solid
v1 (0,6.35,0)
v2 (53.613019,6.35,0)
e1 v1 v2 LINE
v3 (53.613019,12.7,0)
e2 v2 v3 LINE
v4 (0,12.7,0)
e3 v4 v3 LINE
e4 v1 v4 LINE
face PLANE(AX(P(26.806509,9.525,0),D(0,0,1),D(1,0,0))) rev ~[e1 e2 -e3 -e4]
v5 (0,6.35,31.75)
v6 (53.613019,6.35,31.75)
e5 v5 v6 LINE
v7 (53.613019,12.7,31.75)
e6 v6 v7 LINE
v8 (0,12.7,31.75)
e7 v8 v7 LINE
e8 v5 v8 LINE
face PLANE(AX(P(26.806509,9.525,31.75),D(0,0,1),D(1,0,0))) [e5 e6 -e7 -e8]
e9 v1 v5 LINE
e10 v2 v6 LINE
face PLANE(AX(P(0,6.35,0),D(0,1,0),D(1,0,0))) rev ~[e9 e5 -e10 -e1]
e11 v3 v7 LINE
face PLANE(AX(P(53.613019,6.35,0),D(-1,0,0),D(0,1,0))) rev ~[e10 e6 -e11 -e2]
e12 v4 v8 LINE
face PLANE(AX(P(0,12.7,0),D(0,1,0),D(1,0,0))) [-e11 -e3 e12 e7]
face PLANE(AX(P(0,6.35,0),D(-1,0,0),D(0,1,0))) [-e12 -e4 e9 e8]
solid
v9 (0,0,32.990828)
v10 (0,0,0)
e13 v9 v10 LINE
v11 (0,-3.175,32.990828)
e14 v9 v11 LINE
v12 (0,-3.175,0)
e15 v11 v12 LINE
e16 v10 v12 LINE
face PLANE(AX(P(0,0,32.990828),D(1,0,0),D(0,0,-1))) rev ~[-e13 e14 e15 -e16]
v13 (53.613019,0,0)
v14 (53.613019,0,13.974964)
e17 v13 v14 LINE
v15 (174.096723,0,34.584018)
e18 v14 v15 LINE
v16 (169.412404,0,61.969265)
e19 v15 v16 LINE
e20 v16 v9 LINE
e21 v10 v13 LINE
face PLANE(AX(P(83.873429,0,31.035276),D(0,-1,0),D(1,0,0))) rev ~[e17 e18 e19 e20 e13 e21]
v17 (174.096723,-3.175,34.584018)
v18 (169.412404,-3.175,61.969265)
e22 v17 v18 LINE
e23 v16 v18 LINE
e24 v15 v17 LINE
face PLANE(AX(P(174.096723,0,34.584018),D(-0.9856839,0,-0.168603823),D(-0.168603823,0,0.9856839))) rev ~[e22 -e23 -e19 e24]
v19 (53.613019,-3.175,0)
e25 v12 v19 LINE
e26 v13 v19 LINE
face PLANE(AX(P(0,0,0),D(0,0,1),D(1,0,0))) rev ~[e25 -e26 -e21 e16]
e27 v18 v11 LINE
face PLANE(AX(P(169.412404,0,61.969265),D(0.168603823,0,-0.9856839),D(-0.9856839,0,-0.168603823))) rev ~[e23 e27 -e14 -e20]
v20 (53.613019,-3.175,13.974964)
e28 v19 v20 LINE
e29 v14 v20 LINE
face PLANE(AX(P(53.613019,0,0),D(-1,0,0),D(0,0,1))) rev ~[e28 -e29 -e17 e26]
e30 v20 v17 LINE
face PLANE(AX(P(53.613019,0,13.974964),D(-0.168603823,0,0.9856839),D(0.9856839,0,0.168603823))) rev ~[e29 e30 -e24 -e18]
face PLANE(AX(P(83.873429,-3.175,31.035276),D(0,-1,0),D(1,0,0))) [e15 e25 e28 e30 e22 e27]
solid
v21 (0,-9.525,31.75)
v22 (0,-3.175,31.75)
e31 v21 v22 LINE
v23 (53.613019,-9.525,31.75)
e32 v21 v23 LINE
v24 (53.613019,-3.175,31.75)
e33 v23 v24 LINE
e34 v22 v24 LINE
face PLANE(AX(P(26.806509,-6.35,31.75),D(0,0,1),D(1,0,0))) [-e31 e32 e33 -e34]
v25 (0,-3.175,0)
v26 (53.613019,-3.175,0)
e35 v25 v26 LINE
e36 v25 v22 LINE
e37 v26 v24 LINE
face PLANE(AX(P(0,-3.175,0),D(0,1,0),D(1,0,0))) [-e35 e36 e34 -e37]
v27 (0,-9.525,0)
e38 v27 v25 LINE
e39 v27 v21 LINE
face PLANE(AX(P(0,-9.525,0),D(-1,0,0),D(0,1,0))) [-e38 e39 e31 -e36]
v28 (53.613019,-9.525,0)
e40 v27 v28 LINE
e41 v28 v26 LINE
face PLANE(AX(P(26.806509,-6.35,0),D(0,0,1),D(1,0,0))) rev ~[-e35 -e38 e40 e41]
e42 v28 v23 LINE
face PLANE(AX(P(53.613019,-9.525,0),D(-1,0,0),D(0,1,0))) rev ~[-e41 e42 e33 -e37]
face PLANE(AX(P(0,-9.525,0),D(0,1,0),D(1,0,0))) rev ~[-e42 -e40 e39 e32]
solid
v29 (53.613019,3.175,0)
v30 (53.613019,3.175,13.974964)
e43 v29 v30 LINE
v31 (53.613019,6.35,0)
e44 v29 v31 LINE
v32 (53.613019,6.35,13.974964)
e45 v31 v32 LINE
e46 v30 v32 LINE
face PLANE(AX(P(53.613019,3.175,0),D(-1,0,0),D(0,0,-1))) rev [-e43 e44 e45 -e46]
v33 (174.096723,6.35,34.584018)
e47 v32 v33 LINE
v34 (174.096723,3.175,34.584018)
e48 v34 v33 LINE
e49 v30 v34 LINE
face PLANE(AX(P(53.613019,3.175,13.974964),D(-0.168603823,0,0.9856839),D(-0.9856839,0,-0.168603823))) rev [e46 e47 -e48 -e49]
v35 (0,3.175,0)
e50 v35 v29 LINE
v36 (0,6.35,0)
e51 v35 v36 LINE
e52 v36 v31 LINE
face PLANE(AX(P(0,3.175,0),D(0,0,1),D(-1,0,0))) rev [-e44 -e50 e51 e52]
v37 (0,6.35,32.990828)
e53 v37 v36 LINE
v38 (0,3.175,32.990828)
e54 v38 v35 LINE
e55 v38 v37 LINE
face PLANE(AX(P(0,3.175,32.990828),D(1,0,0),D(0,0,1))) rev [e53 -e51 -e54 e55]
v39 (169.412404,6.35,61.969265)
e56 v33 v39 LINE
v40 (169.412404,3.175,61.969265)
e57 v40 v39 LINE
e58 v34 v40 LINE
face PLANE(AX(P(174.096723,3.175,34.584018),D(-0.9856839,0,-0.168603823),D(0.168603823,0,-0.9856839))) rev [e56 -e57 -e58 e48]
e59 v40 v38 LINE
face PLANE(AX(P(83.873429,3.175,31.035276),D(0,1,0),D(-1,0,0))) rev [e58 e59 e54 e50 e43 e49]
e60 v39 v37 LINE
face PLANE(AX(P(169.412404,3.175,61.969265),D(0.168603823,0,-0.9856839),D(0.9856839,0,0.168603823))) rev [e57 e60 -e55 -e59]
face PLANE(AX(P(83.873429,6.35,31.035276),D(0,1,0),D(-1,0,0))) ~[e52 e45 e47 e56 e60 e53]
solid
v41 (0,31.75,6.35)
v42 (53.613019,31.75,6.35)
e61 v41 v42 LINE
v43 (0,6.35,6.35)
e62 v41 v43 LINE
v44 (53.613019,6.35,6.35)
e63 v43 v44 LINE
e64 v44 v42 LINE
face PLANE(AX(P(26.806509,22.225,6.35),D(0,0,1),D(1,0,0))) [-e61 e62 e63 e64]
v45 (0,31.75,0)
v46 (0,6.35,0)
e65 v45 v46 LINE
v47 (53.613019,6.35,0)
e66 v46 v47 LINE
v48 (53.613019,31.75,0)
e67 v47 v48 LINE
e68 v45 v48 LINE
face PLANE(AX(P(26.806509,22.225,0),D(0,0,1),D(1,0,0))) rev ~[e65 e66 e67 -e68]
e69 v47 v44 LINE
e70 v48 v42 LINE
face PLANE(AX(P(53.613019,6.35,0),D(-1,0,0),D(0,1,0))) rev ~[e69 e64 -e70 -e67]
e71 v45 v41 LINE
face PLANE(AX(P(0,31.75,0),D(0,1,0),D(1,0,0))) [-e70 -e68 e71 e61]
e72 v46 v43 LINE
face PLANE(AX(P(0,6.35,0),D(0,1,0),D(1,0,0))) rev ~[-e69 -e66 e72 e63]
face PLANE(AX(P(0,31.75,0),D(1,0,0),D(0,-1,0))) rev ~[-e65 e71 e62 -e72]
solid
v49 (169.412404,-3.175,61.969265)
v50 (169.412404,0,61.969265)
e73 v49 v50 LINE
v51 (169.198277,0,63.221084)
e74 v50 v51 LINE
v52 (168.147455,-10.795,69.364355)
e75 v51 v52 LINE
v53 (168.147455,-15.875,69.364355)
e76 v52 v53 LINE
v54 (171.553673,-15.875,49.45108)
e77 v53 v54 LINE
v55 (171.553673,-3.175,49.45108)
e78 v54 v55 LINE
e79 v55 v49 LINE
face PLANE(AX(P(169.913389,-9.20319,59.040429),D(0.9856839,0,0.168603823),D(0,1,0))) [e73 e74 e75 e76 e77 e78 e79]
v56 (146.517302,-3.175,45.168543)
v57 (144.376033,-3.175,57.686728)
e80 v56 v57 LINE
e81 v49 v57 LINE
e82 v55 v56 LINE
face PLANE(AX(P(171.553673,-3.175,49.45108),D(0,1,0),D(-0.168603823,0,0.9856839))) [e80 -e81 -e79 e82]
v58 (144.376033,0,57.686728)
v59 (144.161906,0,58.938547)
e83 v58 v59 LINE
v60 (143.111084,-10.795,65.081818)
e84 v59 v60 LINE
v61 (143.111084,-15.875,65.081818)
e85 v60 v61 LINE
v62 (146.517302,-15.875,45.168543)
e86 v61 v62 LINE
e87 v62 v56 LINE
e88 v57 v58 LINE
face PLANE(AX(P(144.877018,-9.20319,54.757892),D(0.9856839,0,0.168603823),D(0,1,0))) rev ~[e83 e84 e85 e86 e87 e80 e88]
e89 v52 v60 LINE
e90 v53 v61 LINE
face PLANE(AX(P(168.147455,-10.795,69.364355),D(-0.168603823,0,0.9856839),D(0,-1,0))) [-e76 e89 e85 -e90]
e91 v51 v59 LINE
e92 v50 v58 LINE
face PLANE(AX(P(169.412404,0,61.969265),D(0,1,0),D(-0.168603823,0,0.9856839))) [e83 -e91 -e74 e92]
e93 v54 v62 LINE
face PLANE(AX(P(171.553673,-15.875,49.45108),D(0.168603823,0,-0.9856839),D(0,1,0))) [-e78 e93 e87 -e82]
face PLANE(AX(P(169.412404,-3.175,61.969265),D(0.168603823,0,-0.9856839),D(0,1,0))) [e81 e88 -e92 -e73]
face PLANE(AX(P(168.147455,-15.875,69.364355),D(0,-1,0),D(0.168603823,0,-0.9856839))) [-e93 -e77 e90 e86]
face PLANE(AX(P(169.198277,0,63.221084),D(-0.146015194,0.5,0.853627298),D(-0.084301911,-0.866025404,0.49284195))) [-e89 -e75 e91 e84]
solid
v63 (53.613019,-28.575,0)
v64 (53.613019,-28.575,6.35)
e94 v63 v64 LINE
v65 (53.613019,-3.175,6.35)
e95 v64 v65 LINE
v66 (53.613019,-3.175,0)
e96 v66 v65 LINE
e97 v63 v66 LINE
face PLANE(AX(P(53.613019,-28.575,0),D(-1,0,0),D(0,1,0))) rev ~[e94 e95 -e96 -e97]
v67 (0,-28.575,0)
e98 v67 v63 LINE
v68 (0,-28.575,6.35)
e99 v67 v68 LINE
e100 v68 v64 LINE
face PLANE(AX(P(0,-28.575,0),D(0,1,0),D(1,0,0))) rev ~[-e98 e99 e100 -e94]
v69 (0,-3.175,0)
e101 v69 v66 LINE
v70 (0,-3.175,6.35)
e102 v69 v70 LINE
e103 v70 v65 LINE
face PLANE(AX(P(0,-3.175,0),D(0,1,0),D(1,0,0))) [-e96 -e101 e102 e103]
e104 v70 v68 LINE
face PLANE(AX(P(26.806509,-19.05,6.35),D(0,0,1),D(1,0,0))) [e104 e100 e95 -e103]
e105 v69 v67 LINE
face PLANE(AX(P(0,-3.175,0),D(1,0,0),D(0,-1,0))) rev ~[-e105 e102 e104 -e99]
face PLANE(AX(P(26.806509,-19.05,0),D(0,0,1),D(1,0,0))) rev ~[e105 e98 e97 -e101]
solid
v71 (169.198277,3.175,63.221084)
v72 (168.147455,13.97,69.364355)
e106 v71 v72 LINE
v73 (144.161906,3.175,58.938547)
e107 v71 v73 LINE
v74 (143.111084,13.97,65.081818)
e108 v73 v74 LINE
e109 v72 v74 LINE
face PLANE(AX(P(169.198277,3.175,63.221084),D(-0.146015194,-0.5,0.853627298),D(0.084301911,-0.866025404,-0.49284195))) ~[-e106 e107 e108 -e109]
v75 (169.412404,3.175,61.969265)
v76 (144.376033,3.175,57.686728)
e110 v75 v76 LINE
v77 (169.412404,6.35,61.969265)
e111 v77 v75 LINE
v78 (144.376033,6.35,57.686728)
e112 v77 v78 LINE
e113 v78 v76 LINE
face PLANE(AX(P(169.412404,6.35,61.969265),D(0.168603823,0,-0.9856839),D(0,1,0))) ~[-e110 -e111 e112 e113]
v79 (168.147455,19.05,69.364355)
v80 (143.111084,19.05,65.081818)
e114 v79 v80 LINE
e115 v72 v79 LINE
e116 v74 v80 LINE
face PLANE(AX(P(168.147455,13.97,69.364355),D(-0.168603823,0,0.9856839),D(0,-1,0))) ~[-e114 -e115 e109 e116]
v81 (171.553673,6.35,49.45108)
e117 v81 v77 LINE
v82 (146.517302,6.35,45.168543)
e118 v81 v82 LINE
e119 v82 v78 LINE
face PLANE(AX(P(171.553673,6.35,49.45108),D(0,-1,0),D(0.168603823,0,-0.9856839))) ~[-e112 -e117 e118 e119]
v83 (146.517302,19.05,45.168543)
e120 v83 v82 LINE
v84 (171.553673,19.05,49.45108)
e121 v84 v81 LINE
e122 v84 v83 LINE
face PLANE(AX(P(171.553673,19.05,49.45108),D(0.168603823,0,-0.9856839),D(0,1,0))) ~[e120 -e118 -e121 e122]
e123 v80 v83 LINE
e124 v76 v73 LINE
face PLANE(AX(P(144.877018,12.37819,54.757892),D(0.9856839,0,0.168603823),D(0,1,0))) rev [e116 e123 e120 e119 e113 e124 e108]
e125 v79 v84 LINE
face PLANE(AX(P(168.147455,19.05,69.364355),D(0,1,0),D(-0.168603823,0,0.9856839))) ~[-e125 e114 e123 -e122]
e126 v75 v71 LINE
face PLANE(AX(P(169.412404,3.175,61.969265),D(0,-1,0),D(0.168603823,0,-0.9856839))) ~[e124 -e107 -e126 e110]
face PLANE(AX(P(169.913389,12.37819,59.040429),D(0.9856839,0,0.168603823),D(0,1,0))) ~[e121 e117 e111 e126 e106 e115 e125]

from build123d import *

# Parameters (mm, degrees)
F1_DEPTH = 3.175
F3_DEPTH = 25.4
F6_W     = 53.6130187661
F6_H     = 19.05
F6_H_2   = 6.35
F7_DEPTH = 6.35
F8_DEPTH = 31.75


with BuildPart() as f1:
    # F0 (on Front) → F1 (new body)
    with BuildSketch(Plane.XZ):
        Polygon((0, 32.9908281565), (0, 0), (53.6130187661, 0), (53.6130187661, 13.97496396), (174.096722805, 34.5840183194), (169.4124042988, 61.9692653418), align=None)
    extrude(amount=F1_DEPTH)


with BuildPart() as f3:
    # F2 (on face) → F3 (new body)
    with BuildSketch(Plane(origin=(174.8951524573, 0, 29.9162756734), x_dir=(0, 1, 0), z_dir=(0.9856839001, 0, 0.1686038227))):
        Polygon((-3.175, 32.5185281655), (0, 32.5185281655), (0, 33.7885281655), (-10.795, 40.0210243214), (-15.875, 40.0210243214), (-15.875, 19.8185281655), (-3.175, 19.8185281655), align=None)
    extrude(amount=-F3_DEPTH)


with BuildPart() as f5_1:
    # F5: instance of F3
    add(f3.part.mirror(Plane.XZ.offset(-1.5875)))


with BuildPart() as f5_2:
    # F5: instance of F1
    add(f1.part.mirror(Plane.XZ.offset(-1.5875)))


with BuildPart() as f7:
    # F6 (on Top) → F7 (new body)
    with BuildSketch(Plane.XY):
        with Locations((26.806509383, -19.05)):
            Rectangle(F6_W, F6_H)
        with Locations((26.806509383, -6.35)):
            Rectangle(F6_W, F6_H_2)
    extrude(amount=F7_DEPTH)


with BuildPart() as f7b:
    # F6 (on Top) → F7, piece 2 (new body)
    with BuildSketch(Plane.XY):
        with Locations((26.806509383, 22.225)):
            Rectangle(F6_W, F6_H)
        with Locations((26.806509383, 9.525)):
            Rectangle(F6_W, F6_H_2)
    extrude(amount=F7_DEPTH)


with BuildPart() as f8:
    # F6 (on Top) → F8 (new body)
    with BuildSketch(Plane.XY):
        with Locations((26.806509383, 9.525)):
            Rectangle(F6_W, F6_H_2)
    extrude(amount=F8_DEPTH)


with BuildPart() as f8b:
    # F6 (on Top) → F8, piece 2 (new body)
    with BuildSketch(Plane.XY):
        with Locations((26.806509383, -6.35)):
            Rectangle(F6_W, F6_H_2)
    extrude(amount=F8_DEPTH)


solid = Compound([f1.part, f3.part, f5_1.part, f5_2.part, f7.part, f7b.part, f8.part, f8b.part])
